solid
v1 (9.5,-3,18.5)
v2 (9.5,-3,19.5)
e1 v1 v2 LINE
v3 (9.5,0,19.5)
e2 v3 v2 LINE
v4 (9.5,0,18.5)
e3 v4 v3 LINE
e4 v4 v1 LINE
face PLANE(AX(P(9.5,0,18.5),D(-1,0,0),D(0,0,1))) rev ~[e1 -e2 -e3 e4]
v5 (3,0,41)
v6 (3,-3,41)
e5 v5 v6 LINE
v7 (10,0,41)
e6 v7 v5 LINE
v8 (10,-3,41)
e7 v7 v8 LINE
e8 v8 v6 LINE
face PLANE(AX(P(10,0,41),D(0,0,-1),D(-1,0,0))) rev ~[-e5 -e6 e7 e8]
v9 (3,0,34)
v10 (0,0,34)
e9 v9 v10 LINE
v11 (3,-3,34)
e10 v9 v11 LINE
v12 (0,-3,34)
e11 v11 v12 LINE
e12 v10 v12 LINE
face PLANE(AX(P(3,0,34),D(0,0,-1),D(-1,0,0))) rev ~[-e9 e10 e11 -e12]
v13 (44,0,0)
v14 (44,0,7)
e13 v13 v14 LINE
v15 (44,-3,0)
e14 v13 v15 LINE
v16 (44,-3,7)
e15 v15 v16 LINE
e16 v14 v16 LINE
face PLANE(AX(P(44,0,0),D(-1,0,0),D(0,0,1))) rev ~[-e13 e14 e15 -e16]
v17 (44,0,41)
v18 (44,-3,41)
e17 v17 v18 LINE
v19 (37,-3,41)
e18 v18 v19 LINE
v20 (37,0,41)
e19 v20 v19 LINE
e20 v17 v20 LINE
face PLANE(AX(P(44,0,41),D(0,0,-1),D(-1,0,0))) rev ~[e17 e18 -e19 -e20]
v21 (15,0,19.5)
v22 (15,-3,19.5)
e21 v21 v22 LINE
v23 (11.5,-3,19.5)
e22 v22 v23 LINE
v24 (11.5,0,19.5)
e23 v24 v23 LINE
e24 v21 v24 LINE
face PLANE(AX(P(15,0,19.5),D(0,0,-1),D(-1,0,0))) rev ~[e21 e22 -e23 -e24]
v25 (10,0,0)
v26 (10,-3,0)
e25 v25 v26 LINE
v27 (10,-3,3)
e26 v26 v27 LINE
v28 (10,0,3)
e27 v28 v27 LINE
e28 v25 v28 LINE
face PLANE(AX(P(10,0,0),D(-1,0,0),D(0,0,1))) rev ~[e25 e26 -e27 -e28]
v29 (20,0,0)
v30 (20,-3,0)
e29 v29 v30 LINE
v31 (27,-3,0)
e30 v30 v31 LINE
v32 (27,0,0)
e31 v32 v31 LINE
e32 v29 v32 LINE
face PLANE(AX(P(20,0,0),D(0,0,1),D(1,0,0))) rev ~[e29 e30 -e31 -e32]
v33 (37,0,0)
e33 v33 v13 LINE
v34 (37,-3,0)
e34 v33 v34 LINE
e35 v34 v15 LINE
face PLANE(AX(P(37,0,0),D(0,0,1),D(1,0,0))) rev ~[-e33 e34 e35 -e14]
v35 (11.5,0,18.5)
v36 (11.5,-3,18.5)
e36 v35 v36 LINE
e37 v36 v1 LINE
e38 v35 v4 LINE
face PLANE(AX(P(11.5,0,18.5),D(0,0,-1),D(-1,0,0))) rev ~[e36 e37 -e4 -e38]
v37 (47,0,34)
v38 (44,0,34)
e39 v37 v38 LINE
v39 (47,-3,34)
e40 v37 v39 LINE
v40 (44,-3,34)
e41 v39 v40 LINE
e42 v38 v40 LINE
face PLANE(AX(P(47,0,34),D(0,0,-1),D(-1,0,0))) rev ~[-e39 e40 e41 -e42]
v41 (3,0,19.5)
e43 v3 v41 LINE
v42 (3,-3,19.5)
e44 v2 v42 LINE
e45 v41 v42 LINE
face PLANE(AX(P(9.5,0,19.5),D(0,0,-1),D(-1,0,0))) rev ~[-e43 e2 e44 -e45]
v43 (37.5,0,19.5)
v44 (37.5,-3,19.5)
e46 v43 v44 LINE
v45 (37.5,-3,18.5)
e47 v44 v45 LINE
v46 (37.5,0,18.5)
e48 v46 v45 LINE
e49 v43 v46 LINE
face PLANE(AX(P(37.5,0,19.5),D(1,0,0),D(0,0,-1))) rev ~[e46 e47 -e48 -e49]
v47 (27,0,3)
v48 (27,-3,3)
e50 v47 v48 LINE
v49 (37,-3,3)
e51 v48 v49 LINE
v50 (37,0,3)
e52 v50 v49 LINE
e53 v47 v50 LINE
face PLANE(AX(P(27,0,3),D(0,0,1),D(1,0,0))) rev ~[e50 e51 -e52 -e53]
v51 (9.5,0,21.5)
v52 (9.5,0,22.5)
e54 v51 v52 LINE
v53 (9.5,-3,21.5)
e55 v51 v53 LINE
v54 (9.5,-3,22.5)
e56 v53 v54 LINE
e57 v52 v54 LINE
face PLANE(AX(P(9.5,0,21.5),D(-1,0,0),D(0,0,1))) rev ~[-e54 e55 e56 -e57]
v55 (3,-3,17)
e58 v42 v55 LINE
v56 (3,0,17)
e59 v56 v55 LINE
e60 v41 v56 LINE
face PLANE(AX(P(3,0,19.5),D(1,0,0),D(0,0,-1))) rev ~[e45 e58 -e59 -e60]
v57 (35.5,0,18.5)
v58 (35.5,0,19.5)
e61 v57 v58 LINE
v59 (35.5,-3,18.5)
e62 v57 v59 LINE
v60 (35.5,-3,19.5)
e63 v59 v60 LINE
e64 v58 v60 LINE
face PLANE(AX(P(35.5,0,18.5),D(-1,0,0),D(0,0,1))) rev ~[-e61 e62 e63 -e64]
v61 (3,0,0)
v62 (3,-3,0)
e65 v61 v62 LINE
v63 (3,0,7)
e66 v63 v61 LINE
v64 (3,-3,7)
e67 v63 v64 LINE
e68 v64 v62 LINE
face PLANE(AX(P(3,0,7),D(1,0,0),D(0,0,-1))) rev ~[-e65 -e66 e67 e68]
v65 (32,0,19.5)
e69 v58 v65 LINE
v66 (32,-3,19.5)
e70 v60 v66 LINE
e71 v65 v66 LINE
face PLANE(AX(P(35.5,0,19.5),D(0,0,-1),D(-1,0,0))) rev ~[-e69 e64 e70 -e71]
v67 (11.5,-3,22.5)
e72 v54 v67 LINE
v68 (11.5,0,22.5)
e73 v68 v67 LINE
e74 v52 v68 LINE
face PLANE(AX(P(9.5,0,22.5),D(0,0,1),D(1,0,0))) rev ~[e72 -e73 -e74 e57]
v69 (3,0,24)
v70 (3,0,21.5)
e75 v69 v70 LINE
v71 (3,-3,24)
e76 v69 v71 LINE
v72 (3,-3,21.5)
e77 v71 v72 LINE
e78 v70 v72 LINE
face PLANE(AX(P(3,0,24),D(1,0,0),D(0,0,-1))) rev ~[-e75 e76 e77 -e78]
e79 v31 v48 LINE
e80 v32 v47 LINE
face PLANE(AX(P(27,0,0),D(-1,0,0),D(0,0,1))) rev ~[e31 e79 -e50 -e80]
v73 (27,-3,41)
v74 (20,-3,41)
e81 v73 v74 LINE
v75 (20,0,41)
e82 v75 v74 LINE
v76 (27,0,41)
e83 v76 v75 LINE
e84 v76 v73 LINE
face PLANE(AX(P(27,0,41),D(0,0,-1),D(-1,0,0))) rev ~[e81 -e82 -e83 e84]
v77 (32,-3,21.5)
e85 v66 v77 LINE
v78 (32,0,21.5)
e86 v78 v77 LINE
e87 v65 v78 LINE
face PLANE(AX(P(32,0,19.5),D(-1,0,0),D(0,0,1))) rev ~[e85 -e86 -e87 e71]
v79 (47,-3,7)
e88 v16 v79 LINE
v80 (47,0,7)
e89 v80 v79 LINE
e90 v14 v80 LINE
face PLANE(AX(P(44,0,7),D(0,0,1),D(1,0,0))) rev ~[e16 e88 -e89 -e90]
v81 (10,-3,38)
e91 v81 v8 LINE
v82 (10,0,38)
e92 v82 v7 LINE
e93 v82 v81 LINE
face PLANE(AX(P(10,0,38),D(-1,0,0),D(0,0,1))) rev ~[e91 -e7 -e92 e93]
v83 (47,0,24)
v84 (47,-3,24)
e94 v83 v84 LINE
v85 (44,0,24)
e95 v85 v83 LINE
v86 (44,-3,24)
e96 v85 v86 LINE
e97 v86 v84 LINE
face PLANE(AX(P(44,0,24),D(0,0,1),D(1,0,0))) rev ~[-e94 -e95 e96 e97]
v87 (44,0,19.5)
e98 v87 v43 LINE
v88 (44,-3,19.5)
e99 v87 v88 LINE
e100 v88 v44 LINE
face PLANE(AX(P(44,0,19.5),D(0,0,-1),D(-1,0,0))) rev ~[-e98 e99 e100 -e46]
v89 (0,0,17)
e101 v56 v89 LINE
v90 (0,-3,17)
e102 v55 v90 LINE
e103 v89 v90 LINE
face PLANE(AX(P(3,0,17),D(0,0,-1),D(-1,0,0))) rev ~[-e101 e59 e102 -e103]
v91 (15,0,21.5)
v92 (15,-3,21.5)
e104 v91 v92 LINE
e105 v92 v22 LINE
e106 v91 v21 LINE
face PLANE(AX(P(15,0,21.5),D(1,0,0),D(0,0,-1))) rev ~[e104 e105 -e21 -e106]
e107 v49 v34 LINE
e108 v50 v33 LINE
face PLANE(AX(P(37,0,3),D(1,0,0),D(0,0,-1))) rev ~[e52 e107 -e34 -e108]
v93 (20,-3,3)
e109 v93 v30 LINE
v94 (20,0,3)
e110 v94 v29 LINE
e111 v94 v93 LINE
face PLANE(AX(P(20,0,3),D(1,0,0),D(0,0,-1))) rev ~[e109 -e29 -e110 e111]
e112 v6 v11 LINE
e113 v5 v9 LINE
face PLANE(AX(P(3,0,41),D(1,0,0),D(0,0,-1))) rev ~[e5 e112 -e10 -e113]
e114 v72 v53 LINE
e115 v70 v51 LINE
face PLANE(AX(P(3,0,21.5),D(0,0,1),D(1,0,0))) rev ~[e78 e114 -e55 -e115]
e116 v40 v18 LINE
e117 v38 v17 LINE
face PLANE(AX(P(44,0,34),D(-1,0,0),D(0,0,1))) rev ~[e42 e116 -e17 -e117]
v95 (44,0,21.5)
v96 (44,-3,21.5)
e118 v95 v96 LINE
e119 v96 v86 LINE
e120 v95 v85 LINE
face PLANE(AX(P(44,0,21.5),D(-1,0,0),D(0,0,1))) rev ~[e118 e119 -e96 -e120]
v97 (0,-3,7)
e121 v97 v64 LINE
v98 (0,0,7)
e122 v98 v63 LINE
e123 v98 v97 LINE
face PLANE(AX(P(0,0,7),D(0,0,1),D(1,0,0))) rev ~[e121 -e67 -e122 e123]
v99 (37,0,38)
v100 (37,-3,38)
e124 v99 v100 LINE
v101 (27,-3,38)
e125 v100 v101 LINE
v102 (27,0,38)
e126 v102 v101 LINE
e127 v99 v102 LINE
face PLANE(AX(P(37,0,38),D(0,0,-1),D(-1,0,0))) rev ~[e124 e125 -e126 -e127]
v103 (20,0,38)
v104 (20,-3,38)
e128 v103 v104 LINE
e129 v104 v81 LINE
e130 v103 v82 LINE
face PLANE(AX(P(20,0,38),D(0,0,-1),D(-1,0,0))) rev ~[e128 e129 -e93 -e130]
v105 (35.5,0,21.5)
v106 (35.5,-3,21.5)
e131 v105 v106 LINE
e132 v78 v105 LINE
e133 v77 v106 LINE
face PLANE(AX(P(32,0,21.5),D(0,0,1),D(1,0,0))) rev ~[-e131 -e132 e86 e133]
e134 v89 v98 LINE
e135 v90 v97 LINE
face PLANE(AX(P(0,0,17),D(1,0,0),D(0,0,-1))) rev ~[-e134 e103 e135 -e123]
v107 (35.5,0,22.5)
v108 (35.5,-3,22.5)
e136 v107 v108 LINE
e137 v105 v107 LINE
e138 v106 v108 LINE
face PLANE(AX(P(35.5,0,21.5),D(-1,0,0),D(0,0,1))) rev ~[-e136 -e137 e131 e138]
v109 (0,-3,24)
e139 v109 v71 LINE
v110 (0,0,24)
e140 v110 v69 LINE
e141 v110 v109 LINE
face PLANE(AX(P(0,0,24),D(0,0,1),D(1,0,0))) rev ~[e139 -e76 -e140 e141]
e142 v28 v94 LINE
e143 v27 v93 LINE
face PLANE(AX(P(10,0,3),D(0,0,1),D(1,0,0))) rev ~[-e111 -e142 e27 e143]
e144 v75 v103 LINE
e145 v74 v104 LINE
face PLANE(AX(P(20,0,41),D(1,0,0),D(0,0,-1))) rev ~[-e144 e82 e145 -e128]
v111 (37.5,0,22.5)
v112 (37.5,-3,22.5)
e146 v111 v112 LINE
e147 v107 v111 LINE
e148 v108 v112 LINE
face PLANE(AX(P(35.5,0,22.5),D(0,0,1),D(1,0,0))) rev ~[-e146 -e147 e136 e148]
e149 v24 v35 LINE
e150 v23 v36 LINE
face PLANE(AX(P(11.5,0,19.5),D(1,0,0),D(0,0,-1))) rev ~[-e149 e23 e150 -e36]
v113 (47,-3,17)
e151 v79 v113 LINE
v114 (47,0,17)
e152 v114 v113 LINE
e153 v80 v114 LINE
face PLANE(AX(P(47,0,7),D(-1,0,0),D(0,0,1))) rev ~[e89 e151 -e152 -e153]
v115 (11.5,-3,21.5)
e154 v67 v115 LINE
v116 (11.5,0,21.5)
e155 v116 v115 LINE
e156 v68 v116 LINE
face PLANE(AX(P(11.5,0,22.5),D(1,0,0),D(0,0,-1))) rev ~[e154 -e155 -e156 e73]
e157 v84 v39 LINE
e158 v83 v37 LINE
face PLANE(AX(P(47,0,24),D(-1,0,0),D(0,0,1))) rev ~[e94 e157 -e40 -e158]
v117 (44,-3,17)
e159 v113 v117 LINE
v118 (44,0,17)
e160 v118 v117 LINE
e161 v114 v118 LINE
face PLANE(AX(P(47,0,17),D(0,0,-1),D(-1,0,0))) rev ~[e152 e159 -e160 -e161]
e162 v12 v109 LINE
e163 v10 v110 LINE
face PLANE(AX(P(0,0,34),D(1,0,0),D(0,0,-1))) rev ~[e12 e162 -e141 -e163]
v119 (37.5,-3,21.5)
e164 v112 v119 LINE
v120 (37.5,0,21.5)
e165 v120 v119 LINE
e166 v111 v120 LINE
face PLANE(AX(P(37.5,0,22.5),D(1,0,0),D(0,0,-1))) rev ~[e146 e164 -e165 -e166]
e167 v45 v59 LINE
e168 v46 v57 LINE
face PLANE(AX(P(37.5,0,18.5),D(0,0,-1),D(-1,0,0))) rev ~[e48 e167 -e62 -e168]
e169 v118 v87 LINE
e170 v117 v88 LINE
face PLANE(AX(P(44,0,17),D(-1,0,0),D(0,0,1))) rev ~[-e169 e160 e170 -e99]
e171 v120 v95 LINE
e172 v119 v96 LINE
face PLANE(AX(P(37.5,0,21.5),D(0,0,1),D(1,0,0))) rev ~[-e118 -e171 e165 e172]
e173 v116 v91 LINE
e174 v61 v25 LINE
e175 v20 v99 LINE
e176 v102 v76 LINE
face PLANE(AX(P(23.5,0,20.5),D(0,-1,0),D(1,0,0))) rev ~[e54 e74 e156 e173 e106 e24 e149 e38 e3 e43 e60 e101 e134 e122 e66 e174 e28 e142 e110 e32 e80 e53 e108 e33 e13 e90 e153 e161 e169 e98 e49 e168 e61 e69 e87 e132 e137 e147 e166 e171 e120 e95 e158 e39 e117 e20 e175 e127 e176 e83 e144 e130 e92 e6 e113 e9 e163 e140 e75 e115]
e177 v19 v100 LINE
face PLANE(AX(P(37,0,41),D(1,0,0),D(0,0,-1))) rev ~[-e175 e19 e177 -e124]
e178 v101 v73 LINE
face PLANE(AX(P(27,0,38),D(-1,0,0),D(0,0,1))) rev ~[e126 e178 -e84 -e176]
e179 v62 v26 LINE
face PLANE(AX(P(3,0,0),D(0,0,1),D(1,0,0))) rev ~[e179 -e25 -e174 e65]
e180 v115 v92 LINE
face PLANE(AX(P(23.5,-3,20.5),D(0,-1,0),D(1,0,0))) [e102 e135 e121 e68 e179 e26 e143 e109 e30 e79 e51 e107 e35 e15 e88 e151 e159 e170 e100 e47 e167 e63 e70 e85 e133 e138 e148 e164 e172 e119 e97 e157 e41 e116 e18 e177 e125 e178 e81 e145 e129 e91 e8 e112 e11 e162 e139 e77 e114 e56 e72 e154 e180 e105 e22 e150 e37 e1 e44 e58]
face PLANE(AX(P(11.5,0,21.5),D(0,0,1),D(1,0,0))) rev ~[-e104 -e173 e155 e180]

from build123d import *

# Parameters (mm, degrees)
F1_DEPTH = 3


with BuildPart() as f1:
    # F0 (on Front) → F1 (new body)
    with BuildSketch(Plane.XZ):
        Polygon((3, 7), (3, 0), (10, 0), (10, 3), (20, 3), (20, 0), (27, 0), (27, 3), (37, 3), (37, 0), (44, 0), (44, 7), (47, 7), (47, 17), (44, 17), (44, 19.5), (37.5, 19.5), (37.5, 18.5), (35.5, 18.5), (35.5, 19.5), (32, 19.5), (32, 21.5), (35.5, 21.5), (35.5, 22.5), (37.5, 22.5), (37.5, 21.5), (44, 21.5), (44, 24), (47, 24), (47, 34), (44, 34), (44, 41), (37, 41), (37, 38), (27, 38), (27, 41), (23.5, 41), (20, 41), (20, 38), (10, 38), (10, 41), (3, 41), (3, 34), (0, 34), (0, 24), (3, 24), (3, 21.5), (9.5, 21.5), (9.5, 22.5), (11.5, 22.5), (11.5, 21.5), (15, 21.5), (15, 19.5), (11.5, 19.5), (11.5, 18.5), (9.5, 18.5), (9.5, 19.5), (3, 19.5), (3, 17), (0, 17), (0, 7), align=None)
    extrude(amount=F1_DEPTH)


solid = f1.part
